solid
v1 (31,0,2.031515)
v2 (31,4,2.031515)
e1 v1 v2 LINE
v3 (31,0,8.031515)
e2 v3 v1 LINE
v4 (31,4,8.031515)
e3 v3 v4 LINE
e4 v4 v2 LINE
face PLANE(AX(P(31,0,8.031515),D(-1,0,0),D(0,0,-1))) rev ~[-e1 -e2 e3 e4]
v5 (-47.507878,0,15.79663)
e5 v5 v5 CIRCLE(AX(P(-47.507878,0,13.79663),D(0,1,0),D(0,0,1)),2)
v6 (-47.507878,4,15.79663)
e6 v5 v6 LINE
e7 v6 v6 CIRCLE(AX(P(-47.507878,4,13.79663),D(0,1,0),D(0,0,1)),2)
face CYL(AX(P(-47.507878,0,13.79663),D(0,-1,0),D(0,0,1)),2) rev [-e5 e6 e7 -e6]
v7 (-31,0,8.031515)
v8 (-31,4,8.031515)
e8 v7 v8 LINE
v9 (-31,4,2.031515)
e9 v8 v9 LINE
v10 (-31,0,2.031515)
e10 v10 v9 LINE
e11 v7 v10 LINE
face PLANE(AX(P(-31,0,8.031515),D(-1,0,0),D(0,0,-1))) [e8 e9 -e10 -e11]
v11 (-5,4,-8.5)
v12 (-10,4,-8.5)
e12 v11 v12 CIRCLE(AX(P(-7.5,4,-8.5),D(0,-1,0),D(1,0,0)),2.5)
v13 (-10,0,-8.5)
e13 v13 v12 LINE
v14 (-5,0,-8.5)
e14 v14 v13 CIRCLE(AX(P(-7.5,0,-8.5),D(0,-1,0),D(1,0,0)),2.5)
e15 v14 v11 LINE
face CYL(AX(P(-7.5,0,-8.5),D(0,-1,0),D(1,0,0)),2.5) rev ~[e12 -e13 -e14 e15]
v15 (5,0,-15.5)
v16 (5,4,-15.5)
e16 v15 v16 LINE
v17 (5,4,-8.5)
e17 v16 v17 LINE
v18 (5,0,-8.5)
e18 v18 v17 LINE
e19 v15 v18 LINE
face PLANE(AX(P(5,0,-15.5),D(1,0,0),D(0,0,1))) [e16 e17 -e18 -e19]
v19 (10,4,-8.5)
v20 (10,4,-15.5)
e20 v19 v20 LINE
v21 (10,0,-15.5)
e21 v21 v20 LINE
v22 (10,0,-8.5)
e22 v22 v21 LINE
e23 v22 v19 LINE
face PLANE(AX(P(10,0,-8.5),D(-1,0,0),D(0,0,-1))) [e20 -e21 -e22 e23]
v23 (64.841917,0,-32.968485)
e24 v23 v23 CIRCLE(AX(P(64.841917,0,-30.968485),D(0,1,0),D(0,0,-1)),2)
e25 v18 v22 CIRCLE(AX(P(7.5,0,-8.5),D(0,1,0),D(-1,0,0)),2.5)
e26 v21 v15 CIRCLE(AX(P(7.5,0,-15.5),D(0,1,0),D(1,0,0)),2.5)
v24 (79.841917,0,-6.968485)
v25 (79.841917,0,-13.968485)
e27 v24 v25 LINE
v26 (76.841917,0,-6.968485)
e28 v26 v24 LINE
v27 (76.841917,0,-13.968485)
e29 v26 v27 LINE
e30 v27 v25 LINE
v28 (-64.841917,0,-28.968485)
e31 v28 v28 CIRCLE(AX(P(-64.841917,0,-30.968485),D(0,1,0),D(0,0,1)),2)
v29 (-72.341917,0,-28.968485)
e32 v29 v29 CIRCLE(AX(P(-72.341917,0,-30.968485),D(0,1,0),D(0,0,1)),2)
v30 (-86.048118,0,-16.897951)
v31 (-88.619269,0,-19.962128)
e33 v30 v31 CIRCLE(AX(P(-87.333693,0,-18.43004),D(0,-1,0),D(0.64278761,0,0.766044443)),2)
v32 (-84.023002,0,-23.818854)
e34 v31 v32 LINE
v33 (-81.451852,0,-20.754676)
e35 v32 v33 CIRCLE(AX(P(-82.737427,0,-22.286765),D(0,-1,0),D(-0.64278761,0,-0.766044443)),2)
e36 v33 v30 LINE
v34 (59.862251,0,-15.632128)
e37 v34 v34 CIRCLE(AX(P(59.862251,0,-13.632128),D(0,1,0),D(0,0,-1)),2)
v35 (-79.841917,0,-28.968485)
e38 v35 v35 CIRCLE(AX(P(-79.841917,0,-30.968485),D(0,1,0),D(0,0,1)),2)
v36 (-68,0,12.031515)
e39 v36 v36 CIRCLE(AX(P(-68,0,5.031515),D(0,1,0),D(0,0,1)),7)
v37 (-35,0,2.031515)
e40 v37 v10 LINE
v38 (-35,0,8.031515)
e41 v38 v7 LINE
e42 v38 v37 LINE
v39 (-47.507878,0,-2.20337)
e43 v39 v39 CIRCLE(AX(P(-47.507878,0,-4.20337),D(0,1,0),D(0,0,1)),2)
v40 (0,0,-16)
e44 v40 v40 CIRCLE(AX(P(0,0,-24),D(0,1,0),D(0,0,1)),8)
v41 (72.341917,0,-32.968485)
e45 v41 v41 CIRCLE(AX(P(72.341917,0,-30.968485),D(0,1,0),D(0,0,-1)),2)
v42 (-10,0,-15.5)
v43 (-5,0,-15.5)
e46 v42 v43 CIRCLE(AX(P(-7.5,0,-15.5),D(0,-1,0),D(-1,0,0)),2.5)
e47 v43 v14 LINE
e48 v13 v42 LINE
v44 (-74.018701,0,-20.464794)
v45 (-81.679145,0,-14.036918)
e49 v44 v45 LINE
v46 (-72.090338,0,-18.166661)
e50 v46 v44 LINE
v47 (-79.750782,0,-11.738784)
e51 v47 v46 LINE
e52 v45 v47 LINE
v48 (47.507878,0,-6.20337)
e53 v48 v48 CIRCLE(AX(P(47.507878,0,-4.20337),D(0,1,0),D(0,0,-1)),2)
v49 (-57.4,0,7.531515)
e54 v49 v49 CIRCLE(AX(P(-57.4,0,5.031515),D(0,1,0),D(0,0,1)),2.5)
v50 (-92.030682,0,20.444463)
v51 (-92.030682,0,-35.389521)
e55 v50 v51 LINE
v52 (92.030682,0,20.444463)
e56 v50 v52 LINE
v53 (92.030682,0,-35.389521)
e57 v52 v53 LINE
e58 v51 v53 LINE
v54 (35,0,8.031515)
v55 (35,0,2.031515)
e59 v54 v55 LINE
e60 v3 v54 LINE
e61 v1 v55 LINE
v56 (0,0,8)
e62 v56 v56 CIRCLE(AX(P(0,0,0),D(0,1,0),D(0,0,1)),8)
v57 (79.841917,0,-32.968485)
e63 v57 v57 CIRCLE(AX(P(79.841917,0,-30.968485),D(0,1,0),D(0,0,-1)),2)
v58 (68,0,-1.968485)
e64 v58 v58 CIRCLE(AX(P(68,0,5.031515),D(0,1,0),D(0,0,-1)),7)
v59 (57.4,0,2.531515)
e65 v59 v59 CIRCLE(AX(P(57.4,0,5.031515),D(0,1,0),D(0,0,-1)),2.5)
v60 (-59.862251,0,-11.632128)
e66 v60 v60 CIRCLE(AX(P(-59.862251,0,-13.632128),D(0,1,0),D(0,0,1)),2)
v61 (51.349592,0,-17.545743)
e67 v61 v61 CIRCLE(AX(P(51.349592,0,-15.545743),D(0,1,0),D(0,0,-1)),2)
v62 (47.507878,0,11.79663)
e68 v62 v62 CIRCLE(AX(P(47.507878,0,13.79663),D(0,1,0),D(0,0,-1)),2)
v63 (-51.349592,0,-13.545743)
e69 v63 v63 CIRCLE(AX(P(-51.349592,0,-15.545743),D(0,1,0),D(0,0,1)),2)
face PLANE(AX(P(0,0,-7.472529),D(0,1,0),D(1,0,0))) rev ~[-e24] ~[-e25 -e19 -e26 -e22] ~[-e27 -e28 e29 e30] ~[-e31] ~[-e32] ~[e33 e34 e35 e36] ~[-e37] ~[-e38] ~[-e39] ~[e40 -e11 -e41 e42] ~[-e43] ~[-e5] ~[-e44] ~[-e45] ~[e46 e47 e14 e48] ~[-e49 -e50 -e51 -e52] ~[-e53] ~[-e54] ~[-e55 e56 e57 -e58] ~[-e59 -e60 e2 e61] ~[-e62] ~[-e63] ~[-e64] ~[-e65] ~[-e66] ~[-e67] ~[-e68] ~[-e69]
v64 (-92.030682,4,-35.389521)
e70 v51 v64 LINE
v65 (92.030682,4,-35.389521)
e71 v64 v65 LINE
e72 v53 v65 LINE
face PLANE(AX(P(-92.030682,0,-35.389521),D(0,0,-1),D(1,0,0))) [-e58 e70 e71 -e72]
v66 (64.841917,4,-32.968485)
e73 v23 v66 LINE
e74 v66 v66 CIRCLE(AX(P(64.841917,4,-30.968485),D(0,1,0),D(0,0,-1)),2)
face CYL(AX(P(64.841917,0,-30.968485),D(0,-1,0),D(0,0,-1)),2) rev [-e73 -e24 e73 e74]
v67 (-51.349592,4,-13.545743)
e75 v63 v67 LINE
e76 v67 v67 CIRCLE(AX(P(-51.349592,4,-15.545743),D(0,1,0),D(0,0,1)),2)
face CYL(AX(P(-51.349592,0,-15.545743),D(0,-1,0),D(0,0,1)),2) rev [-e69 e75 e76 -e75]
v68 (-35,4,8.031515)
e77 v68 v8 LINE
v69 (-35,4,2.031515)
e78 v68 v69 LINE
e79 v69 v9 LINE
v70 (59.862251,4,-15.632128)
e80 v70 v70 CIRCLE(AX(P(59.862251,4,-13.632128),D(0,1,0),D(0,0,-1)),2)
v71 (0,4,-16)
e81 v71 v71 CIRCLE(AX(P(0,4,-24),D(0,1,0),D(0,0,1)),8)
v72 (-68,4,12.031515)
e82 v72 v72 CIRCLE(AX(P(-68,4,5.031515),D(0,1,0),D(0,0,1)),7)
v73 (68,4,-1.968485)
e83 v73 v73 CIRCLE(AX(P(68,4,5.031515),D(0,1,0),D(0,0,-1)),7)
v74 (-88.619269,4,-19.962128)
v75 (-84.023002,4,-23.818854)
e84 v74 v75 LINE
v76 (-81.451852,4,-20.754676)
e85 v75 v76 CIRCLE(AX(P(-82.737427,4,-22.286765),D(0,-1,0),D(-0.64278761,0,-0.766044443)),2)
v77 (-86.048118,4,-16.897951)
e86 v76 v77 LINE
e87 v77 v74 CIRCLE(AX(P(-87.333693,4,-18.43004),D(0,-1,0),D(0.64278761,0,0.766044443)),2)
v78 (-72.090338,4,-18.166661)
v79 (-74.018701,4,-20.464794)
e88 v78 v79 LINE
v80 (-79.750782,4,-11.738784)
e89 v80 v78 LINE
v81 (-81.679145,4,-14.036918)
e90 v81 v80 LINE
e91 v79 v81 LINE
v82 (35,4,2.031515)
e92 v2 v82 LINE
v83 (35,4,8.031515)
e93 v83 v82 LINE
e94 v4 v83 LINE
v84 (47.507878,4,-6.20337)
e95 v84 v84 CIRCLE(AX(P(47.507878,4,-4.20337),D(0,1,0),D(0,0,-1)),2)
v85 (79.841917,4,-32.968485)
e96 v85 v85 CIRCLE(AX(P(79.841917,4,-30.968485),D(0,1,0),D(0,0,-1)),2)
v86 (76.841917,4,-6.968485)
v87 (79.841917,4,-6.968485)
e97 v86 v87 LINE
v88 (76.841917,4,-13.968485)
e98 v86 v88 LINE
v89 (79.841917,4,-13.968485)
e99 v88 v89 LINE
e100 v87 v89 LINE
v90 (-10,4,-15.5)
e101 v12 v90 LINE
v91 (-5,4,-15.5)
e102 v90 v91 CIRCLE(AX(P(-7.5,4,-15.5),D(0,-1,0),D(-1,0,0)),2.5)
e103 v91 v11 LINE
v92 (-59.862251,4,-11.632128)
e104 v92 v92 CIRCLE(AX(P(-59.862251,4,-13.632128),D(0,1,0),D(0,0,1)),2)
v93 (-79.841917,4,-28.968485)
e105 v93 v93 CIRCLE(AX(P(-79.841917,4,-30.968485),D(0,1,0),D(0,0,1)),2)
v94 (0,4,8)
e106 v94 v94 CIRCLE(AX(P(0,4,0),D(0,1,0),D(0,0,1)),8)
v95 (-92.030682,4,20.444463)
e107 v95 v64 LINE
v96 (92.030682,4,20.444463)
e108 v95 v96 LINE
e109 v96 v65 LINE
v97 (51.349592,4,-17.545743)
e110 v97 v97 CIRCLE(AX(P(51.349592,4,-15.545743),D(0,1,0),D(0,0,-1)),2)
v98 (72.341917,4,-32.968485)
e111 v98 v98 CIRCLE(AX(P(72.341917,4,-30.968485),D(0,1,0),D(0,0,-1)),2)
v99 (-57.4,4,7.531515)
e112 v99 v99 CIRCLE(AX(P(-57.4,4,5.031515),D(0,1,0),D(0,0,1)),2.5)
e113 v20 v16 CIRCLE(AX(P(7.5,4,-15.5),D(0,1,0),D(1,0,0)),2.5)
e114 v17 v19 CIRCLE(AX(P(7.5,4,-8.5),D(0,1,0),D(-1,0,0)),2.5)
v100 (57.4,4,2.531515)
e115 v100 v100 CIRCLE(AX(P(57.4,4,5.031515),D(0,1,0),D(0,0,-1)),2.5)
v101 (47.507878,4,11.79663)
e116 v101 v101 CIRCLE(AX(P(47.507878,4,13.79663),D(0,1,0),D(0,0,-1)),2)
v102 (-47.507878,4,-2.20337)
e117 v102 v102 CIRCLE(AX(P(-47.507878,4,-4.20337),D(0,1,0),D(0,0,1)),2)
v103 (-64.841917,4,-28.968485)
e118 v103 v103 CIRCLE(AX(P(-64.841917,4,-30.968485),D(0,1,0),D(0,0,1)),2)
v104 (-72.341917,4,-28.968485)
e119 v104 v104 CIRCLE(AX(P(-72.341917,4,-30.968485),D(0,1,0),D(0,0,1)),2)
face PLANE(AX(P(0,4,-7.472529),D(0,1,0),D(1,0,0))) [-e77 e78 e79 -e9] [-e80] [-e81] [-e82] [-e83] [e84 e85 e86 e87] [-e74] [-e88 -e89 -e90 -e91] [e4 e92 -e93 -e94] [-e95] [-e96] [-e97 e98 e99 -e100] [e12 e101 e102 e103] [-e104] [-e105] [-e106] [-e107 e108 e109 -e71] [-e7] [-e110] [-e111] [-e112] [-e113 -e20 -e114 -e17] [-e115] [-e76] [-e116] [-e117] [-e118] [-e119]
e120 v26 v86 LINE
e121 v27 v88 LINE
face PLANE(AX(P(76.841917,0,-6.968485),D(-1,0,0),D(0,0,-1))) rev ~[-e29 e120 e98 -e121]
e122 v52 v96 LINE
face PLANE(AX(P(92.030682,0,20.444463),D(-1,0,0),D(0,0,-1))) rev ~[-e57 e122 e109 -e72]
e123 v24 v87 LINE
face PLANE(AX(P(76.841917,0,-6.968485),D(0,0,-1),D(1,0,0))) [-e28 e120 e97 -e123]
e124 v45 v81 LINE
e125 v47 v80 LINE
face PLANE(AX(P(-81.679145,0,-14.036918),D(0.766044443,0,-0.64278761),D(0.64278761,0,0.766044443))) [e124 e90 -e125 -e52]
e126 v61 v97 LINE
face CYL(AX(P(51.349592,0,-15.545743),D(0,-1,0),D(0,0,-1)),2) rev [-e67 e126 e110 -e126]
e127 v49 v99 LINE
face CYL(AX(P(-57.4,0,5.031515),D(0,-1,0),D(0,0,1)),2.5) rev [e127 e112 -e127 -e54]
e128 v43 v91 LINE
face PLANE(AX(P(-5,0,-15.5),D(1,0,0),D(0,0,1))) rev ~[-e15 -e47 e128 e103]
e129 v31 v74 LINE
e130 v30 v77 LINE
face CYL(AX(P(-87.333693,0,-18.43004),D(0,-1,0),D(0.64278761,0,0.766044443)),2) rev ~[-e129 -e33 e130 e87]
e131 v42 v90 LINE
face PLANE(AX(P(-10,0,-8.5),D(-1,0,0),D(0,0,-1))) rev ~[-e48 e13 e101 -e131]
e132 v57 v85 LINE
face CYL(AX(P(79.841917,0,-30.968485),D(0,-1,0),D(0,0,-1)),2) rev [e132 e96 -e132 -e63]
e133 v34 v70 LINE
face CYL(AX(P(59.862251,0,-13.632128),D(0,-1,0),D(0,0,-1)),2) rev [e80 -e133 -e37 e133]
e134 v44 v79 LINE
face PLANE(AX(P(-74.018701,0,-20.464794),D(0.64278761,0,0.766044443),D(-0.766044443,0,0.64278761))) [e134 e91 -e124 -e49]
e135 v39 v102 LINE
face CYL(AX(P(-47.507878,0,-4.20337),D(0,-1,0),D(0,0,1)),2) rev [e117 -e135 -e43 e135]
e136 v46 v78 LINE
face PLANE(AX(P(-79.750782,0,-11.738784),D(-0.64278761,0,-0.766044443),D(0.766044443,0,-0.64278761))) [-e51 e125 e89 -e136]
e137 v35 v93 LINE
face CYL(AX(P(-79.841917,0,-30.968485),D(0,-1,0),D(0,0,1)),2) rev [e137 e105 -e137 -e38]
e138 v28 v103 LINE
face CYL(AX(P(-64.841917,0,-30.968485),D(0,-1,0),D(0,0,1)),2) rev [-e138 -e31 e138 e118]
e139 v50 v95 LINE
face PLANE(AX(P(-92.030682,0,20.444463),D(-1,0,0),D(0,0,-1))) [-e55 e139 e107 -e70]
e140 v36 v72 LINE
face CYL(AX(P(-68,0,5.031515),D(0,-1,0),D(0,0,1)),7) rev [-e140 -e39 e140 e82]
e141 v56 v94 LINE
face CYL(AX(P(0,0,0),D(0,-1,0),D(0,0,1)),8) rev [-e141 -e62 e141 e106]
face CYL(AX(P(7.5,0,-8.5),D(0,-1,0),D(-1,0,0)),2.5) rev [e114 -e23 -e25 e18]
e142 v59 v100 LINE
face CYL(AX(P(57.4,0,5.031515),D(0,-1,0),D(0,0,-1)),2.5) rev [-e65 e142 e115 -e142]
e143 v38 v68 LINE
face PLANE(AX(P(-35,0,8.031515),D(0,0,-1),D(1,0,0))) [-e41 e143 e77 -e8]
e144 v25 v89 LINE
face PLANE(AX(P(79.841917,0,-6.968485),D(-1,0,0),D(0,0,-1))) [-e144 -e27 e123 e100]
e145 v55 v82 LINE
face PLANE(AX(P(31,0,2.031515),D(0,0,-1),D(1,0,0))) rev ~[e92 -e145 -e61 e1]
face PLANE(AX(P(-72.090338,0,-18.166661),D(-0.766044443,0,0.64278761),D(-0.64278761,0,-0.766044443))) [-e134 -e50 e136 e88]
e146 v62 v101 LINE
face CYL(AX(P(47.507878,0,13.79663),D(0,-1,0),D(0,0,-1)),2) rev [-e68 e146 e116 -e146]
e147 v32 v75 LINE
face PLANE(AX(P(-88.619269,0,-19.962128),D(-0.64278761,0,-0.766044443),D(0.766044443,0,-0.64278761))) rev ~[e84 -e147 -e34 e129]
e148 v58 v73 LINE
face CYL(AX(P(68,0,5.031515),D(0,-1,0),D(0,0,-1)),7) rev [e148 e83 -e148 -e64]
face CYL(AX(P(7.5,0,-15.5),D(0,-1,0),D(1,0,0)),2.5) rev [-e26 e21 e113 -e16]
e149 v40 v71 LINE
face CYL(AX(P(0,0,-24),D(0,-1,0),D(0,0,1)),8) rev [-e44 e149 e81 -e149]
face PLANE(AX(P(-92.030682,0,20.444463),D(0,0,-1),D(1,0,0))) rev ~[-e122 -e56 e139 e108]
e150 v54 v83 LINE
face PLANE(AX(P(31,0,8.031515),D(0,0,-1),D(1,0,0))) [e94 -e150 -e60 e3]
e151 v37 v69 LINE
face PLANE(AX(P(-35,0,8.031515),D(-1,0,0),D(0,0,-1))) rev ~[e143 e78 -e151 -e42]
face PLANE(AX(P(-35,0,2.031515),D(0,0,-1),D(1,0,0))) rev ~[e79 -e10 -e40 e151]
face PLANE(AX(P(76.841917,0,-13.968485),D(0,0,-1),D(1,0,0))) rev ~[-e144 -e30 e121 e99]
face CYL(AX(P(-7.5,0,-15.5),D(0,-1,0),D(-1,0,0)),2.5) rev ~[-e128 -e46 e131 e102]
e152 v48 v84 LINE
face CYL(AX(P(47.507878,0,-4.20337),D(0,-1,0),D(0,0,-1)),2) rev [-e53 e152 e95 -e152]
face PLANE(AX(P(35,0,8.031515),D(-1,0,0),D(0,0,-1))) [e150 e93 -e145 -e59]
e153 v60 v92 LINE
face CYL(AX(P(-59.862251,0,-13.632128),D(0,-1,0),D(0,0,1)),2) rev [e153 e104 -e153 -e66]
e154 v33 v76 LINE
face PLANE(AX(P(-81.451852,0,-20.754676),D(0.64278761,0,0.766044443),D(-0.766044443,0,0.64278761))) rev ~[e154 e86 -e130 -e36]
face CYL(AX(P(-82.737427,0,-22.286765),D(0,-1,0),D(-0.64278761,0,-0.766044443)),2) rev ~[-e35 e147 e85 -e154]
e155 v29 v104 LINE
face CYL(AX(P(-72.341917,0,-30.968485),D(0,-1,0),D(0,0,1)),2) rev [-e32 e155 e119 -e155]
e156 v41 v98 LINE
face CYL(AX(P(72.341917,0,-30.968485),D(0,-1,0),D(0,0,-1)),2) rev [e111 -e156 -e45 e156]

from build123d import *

# Parameters (mm, degrees)
SKETCH1_W           = 184.061364714
SKETCH1_H           = 55.833983991
SKETCH1_R           = 8
SKETCH1_R_2         = 2.5
SKETCH1_R_3         = 2
SKETCH1_R_4         = 7
SKETCH1_W_2         = 4
SKETCH1_H_2         = 6
SKETCH1_W_3         = 3
SKETCH1_H_3         = 7
BOSS_EXTRUDE1_DEPTH = 4


with BuildPart() as part:
    # Sketch1 → Boss-Extrude1 (new body)
    with BuildSketch(Plane(origin=(0, 0, 0), x_dir=(1, 0, 0), z_dir=(0, 1, 0))):
        with Locations((0, 7.472529138)):
            Rectangle(SKETCH1_W, SKETCH1_H)
        with Locations(Location((0, 24, 0), (0, 0, 270))):
            Circle(SKETCH1_R, mode=Mode.SUBTRACT)
        with Locations(Location((0, 0, 0), (0, 0, 270))):
            Circle(SKETCH1_R, mode=Mode.SUBTRACT)
        with Locations(Location((-57.4, -5.031515304, 0), (0, 0, 270))):
            Circle(SKETCH1_R_2, mode=Mode.SUBTRACT)
        with Locations(Location((-47.507878323, -13.796629956, 0), (0, 0, 270))):
            Circle(SKETCH1_R_3, mode=Mode.SUBTRACT)
        with Locations(Location((-47.507878323, 4.203370044, 0), (0, 0, 270))):
            Circle(SKETCH1_R_3, mode=Mode.SUBTRACT)
        with Locations(Location((-59.862251394, 13.632128132, 0), (0, 0, 270))):
            Circle(SKETCH1_R_3, mode=Mode.SUBTRACT)
        with Locations(Location((-64.841917038, 30.968484696, 0), (0, 0, 270))):
            Circle(SKETCH1_R_3, mode=Mode.SUBTRACT)
        with Locations(Location((-72.341917038, 30.968484696, 0), (0, 0, 270))):
            Circle(SKETCH1_R_3, mode=Mode.SUBTRACT)
        with Locations(Location((-79.841917038, 30.968484696, 0), (0, 0, 270))):
            Circle(SKETCH1_R_3, mode=Mode.SUBTRACT)
        with Locations(Location((-68, -5.031515304, 0), (0, 0, 270))):
            Circle(SKETCH1_R_4, mode=Mode.SUBTRACT)
        with Locations(Location((-51.349592133, 15.545742715, 0), (0, 0, 270))):
            Circle(SKETCH1_R_3, mode=Mode.SUBTRACT)
        with Locations(Location((51.349592133, 15.545742715, 0), (0, 0, 90))):
            Circle(SKETCH1_R_3, mode=Mode.SUBTRACT)
        with Locations(Location((68, -5.031515304, 0), (0, 0, 90))):
            Circle(SKETCH1_R_4, mode=Mode.SUBTRACT)
        with Locations(Location((79.841917038, 30.968484696, 0), (0, 0, 90))):
            Circle(SKETCH1_R_3, mode=Mode.SUBTRACT)
        with Locations(Location((72.341917038, 30.968484696, 0), (0, 0, 90))):
            Circle(SKETCH1_R_3, mode=Mode.SUBTRACT)
        with Locations(Location((64.841917038, 30.968484696, 0), (0, 0, 90))):
            Circle(SKETCH1_R_3, mode=Mode.SUBTRACT)
        with Locations(Location((59.862251394, 13.632128132, 0), (0, 0, 90))):
            Circle(SKETCH1_R_3, mode=Mode.SUBTRACT)
        with Locations(Location((47.507878323, 4.203370044, 0), (0, 0, 90))):
            Circle(SKETCH1_R_3, mode=Mode.SUBTRACT)
        with Locations(Location((47.507878323, -13.796629956, 0), (0, 0, 90))):
            Circle(SKETCH1_R_3, mode=Mode.SUBTRACT)
        with Locations(Location((57.4, -5.031515304, 0), (0, 0, 90))):
            Circle(SKETCH1_R_2, mode=Mode.SUBTRACT)
        with BuildLine():
            Line((-5, 15.5), (-5, 8.5))
            ThreePointArc((-5, 8.5), (-7.5, 6), (-10, 8.5))
            Line((-10, 8.5), (-10, 15.5))
            ThreePointArc((-10, 15.5), (-7.5, 18), (-5, 15.5))
        make_face(mode=Mode.SUBTRACT)
        with Locations((-33, -5.031515304)):
            Rectangle(SKETCH1_W_2, SKETCH1_H_2, mode=Mode.SUBTRACT)
        with BuildLine():
            Line((5, 15.5), (5, 8.5))
            ThreePointArc((5, 8.5), (7.5, 6), (10, 8.5))
            Line((10, 8.5), (10, 15.5))
            ThreePointArc((10, 15.5), (7.5, 18), (5, 15.5))
        make_face(mode=Mode.SUBTRACT)
        with Locations((33, -5.031515304)):
            Rectangle(SKETCH1_W_2, SKETCH1_H_2, mode=Mode.SUBTRACT)
        with Locations((78.341917038, 10.468484696)):
            Rectangle(SKETCH1_W_3, SKETCH1_H_3, mode=Mode.SUBTRACT)
        Polygon((-72.090338009, 18.166660574), (-74.018700838, 20.464793903), (-81.679145269, 14.036917806), (-79.75078244, 11.738784477), align=None, mode=Mode.SUBTRACT)
        with BuildLine():
            Line((-88.619268655, 19.962128437), (-84.023001996, 23.818854095))
            ThreePointArc((-84.023001996, 23.818854095), (-81.20533789, 23.572340428), (-81.451851557, 20.754676323))
            Line((-81.451851557, 20.754676323), (-86.048118216, 16.897950664))
            ThreePointArc((-86.048118216, 16.897950664), (-88.865782322, 17.144464331), (-88.619268655, 19.962128437))
        make_face(mode=Mode.SUBTRACT)
    extrude(amount=BOSS_EXTRUDE1_DEPTH)


solid = part.part
